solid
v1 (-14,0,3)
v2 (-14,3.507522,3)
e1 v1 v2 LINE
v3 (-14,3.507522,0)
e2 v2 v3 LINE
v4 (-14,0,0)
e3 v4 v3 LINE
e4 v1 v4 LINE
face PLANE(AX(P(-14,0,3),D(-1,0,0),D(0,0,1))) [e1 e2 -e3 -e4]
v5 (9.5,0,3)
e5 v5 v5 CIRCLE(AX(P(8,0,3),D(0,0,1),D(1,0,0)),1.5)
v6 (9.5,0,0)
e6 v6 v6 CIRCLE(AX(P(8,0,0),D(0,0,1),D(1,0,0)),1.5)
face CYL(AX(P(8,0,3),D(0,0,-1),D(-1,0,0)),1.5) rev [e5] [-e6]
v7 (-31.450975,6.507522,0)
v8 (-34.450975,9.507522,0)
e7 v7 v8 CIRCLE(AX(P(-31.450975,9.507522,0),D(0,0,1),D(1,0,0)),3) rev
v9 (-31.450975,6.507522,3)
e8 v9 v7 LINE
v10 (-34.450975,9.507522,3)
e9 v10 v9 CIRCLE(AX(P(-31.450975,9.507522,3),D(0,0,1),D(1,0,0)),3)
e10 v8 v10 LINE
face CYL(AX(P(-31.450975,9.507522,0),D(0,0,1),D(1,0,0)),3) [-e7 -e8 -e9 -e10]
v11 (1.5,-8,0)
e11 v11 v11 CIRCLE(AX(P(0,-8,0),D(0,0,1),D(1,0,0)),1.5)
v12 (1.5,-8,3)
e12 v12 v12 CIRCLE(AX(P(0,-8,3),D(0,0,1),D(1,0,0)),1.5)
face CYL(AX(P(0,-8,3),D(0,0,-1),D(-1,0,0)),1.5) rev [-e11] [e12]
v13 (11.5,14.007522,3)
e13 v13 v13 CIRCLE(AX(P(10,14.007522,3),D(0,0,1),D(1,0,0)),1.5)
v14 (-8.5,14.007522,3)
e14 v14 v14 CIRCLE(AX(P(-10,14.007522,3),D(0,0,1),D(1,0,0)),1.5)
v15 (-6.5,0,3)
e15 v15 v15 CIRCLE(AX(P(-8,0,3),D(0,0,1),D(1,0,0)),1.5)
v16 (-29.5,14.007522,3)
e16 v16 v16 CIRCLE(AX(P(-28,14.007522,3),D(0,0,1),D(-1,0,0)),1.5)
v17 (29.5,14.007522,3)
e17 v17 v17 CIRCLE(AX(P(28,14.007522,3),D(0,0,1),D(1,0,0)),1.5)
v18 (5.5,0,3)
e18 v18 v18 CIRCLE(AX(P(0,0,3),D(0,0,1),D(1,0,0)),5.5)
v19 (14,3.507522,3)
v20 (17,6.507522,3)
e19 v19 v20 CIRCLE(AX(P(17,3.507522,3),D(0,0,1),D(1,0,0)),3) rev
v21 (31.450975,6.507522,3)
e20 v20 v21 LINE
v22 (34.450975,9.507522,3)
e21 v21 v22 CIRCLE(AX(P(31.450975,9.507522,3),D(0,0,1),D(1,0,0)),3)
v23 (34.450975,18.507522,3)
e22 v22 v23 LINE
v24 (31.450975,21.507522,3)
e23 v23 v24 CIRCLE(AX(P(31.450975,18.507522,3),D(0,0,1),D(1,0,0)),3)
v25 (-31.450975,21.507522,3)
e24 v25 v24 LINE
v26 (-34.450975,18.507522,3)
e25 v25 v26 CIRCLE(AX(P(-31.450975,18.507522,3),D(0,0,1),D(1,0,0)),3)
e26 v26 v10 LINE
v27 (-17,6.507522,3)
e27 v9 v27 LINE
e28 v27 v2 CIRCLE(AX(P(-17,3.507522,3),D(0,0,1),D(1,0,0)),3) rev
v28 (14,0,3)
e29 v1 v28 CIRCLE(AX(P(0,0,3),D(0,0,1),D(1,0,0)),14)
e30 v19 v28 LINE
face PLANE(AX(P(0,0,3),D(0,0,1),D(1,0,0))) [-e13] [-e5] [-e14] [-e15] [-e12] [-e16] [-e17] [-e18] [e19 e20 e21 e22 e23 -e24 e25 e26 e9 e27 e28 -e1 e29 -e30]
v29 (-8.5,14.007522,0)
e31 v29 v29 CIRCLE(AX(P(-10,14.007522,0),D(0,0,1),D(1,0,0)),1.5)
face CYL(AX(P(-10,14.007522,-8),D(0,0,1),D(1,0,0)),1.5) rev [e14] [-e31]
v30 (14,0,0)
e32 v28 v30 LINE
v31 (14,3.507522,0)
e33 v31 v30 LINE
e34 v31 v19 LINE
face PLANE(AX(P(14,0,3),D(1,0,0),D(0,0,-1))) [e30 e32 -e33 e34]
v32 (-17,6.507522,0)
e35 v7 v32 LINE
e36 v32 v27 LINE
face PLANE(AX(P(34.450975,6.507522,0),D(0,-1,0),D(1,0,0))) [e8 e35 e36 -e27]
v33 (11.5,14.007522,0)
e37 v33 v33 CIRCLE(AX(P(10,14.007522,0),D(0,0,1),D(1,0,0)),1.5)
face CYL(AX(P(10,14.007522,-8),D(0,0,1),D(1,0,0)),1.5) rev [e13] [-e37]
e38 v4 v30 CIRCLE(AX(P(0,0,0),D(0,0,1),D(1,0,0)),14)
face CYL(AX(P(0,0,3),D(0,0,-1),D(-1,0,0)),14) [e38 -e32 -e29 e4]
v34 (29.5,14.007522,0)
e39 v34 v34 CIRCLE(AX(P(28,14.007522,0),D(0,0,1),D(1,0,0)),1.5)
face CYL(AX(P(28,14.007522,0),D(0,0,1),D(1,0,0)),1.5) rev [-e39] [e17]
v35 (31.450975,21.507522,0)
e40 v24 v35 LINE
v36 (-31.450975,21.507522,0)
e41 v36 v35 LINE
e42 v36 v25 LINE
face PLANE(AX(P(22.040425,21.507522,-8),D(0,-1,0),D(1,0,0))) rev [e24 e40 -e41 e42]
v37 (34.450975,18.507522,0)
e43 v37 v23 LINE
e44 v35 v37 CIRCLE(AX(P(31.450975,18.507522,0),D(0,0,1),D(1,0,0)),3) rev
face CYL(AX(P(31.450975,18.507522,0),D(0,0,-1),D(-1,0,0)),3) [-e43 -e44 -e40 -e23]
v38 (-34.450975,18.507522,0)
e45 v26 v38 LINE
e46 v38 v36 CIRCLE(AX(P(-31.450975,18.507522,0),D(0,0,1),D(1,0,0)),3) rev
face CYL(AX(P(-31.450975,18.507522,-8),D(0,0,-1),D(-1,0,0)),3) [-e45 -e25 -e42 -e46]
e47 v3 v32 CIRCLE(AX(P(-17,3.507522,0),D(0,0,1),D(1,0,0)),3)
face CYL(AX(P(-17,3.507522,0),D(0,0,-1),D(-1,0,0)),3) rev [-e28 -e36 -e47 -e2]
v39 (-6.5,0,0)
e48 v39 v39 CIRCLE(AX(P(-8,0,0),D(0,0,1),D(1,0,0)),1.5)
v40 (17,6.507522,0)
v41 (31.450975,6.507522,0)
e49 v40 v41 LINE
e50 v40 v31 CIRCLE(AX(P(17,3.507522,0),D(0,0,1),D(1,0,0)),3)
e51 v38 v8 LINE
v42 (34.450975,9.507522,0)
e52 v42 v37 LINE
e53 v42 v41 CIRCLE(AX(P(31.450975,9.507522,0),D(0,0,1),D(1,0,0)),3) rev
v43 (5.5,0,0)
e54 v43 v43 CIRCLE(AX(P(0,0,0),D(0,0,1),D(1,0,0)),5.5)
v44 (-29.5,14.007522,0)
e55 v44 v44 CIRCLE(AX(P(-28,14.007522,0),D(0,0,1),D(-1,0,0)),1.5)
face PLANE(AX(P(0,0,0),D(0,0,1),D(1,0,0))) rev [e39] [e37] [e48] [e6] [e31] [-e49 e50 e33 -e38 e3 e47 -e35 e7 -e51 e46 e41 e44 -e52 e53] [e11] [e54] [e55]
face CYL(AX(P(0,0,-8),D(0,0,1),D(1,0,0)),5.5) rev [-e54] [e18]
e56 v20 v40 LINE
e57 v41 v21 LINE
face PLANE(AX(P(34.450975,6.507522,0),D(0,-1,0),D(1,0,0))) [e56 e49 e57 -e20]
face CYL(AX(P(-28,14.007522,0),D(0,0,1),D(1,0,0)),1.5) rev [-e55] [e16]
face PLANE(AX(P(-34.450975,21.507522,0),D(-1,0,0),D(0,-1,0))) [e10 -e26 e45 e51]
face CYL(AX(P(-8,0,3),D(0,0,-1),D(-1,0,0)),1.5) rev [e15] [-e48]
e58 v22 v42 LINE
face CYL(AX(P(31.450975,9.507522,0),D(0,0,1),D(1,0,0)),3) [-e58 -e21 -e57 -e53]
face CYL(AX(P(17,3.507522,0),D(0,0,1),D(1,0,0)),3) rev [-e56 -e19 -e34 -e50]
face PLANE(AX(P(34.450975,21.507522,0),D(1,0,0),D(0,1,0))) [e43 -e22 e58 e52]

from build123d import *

# Parameters (mm, degrees)
SKETCH_1_R          = 14
SKETCH_1_R_2        = 1.5
EXTRUDE_1_DEPTH     = 3
SKETCH_2_R          = 5.5
CUT_EXTRUDE_1_DEPTH = 11
CUT_EXTRUDE_2_DEPTH = 11
SKETCH_6_R          = 1.5
CUT_EXTRUDE_3_DEPTH = 11
SKETCH_4_R          = 1.5
EXTRUDE_2_DEPTH     = 3
FILLET_1_R          = 3


with BuildPart() as part:
    # 草图1 → 凸台-拉伸1 (new body)
    # profile 1 of 2: a face of its own
    with BuildSketch(Plane.XY):
        with BuildLine():
            Line((-14, 27.287521581), (-14, 0))
            ThreePointArc((-14, 0), (0, 14), (14, 0))
            Line((14, 0), (14, 27.287521581))
            Line((14, 27.287521581), (-14, 27.287521581))
        make_face()
    # profile 2 of 2: a face of its own
    with BuildSketch(Plane.XY):
        Circle(SKETCH_1_R)
        with Locations((0, -8)):
            Circle(SKETCH_1_R_2, mode=Mode.SUBTRACT)
        with Locations((8, 0)):
            Circle(SKETCH_1_R_2, mode=Mode.SUBTRACT)
        with Locations((-8, 0)):
            Circle(SKETCH_1_R_2, mode=Mode.SUBTRACT)
    extrude(amount=EXTRUDE_1_DEPTH)

    # 草图2 → 切除-拉伸1 (cut)
    with BuildSketch(Plane.XY.offset(3)):
        Circle(SKETCH_2_R)
    extrude(amount=-CUT_EXTRUDE_1_DEPTH, mode=Mode.SUBTRACT)

    # 草图3 → 切除-拉伸2 (cut)
    with BuildSketch(Plane.XY.offset(3)):
        Polygon((14, 27.287521581), (22.040424941, 27.287521581), (22.040424941, 21.507521581), (-23.523215241, 21.507521581), (-23.523215241, 27.287521581), align=None)
    extrude(amount=-CUT_EXTRUDE_2_DEPTH, mode=Mode.SUBTRACT)

    # 草图6 → 切除-拉伸3 (cut)
    with BuildSketch(Plane.XY.offset(3)):
        with Locations((10, 14.007521581)):
            Circle(SKETCH_6_R)
        with Locations((-10, 14.007521581)):
            Circle(SKETCH_6_R)
    extrude(amount=-CUT_EXTRUDE_3_DEPTH, mode=Mode.SUBTRACT)

    # 草图4 → 凸台-拉伸2 (add)
    with BuildSketch(Plane.XY.offset(3)):
        Polygon((14, 21.507521581), (34.450975214, 21.507521581), (34.450975214, 6.507521581), (14, 6.507521581), (-14, 6.507521581), (-34.450975214, 6.507521581), (-34.450975214, 21.507521581), (-14, 21.507521581), align=None)
        with Locations((10, 14.007521581)):
            Circle(SKETCH_4_R, mode=Mode.SUBTRACT)
        with Locations((28, 14.007521581)):
            Circle(SKETCH_4_R, mode=Mode.SUBTRACT)
        with Locations((-10, 14.007521581)):
            Circle(SKETCH_4_R, mode=Mode.SUBTRACT)
        with Locations(Location((-28, 14.007521581, 0), (0, 0, 180))):
            Circle(SKETCH_4_R, mode=Mode.SUBTRACT)
    extrude(amount=-EXTRUDE_2_DEPTH)

    # 圆角1
    fillet_1_edges = [part.edges().sort_by_distance(p)[0] for p in [
        (-34.450975214, 21.507521581, 1.5),
        (-14, 6.507521581, 1.5),
        (34.450975214, 21.507521581, 1.5),
        (14, 6.507521581, 1.5),
        (34.450975214, 6.507521581, 1.5),
        (-34.450975214, 6.507521581, 1.5),
    ]]
    fillet(fillet_1_edges, radius=FILLET_1_R)


solid = part.part
